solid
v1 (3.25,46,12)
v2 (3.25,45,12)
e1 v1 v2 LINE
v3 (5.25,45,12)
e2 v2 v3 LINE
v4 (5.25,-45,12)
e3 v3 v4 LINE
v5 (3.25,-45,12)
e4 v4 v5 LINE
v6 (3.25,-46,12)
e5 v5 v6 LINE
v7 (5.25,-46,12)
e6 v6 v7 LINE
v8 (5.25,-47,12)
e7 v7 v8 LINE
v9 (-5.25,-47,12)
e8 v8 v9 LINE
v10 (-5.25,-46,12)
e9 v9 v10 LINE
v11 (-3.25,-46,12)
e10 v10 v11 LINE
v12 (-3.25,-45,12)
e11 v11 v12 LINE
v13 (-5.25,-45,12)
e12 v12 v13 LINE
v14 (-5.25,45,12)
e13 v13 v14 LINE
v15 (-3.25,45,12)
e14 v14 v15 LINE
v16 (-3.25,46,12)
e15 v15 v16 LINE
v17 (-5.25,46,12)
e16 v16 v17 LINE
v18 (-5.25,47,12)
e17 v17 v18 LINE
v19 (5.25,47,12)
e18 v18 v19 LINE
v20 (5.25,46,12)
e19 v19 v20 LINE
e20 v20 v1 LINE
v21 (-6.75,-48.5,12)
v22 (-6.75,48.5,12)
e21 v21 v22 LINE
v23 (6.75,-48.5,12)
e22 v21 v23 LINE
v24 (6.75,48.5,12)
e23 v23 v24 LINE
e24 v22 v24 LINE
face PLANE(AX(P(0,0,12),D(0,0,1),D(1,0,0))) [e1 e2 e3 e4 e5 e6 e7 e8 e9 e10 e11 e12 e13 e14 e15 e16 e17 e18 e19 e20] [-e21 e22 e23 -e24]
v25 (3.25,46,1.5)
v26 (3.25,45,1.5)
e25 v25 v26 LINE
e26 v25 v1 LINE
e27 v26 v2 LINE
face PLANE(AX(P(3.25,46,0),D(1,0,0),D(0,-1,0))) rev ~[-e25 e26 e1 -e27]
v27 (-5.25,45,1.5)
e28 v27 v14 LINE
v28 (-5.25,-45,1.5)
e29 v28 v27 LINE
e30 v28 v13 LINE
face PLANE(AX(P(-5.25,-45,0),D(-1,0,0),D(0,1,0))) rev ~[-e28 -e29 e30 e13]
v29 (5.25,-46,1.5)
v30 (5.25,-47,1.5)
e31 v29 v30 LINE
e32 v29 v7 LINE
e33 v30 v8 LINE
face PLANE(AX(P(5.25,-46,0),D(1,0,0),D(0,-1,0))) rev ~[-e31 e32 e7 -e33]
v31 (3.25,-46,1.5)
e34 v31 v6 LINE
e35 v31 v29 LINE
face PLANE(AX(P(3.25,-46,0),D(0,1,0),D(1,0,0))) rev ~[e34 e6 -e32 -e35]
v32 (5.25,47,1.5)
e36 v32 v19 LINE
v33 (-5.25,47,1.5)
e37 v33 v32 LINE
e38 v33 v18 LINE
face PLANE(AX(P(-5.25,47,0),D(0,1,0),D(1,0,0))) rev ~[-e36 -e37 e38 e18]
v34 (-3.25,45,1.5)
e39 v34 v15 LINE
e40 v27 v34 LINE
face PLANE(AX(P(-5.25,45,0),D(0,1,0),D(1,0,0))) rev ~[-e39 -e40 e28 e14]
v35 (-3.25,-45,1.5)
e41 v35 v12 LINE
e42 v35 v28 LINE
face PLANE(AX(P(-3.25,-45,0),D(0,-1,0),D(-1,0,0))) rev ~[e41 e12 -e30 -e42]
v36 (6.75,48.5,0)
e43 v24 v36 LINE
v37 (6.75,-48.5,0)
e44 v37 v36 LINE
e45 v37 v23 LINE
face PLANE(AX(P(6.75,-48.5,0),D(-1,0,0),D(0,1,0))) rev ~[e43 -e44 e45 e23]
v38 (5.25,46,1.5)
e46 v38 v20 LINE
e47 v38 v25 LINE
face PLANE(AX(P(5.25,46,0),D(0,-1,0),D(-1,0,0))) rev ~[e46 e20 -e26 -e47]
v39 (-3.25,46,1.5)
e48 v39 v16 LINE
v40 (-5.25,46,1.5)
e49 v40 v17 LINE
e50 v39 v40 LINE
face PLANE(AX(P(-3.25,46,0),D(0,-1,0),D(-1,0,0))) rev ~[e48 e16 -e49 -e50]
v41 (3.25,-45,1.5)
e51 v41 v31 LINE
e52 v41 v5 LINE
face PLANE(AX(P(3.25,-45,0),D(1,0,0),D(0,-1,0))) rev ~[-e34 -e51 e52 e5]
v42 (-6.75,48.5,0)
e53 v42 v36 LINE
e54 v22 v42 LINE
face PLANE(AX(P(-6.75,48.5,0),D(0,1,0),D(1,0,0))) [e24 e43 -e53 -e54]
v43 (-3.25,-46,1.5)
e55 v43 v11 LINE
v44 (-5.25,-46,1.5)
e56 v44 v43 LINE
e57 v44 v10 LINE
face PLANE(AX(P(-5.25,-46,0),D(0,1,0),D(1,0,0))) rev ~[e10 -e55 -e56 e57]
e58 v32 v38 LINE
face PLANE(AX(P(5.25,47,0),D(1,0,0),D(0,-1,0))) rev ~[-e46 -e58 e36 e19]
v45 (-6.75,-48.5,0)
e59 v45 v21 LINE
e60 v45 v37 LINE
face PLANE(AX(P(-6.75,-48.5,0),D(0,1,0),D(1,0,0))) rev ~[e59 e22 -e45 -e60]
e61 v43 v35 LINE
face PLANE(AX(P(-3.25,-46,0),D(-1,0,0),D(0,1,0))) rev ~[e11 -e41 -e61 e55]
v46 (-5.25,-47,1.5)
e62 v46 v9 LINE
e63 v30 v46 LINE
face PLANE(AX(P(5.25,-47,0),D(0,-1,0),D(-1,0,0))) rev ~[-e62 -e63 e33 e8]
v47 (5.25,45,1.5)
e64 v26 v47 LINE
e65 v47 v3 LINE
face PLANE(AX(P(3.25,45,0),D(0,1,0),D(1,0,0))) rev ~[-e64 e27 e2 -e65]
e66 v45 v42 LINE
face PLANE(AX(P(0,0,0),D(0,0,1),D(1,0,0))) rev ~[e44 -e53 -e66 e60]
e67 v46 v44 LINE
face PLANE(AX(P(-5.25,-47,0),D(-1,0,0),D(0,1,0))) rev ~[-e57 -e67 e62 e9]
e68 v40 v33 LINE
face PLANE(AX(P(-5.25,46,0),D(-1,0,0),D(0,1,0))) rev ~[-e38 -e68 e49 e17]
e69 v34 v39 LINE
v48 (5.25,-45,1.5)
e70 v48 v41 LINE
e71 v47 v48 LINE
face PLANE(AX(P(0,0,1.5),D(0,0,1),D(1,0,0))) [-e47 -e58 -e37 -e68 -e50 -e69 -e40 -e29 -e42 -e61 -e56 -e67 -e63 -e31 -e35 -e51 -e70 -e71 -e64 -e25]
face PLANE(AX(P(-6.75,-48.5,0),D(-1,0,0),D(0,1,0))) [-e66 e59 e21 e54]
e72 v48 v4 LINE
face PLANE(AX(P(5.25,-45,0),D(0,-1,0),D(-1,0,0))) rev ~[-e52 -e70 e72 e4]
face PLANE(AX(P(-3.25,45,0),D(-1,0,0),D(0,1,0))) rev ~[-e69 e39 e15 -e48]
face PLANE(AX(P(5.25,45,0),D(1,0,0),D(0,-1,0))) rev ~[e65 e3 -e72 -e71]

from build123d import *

# Parameters (mm, degrees)
F0_W     = 13.5
F0_H     = 97
F2_DEPTH = 12
F1_W     = 13.5
F1_H     = 97
F3_DEPTH = 1.5


with BuildPart() as f2:
    # F0 (on Top) → F2 (new body)
    with BuildSketch(Plane.XY):
        Rectangle(F0_W, F0_H)
        Polygon((5.25, -46), (5.25, -47), (-5.25, -47), (-5.25, -46), (-3.25, -46), (-3.25, -45), (-5.25, -45), (-5.25, 45), (-3.25, 45), (-3.25, 46), (-5.25, 46), (-5.25, 47), (5.25, 47), (5.25, 46), (3.25, 46), (3.25, 45), (5.25, 45), (5.25, -45), (3.25, -45), (3.25, -46), align=None, mode=Mode.SUBTRACT)
    extrude(amount=F2_DEPTH)

    # F1 (on Top) → F3 (join)
    with BuildSketch(Plane.XY):
        Rectangle(F1_W, F1_H)
    extrude(amount=F3_DEPTH)


solid = f2.part
